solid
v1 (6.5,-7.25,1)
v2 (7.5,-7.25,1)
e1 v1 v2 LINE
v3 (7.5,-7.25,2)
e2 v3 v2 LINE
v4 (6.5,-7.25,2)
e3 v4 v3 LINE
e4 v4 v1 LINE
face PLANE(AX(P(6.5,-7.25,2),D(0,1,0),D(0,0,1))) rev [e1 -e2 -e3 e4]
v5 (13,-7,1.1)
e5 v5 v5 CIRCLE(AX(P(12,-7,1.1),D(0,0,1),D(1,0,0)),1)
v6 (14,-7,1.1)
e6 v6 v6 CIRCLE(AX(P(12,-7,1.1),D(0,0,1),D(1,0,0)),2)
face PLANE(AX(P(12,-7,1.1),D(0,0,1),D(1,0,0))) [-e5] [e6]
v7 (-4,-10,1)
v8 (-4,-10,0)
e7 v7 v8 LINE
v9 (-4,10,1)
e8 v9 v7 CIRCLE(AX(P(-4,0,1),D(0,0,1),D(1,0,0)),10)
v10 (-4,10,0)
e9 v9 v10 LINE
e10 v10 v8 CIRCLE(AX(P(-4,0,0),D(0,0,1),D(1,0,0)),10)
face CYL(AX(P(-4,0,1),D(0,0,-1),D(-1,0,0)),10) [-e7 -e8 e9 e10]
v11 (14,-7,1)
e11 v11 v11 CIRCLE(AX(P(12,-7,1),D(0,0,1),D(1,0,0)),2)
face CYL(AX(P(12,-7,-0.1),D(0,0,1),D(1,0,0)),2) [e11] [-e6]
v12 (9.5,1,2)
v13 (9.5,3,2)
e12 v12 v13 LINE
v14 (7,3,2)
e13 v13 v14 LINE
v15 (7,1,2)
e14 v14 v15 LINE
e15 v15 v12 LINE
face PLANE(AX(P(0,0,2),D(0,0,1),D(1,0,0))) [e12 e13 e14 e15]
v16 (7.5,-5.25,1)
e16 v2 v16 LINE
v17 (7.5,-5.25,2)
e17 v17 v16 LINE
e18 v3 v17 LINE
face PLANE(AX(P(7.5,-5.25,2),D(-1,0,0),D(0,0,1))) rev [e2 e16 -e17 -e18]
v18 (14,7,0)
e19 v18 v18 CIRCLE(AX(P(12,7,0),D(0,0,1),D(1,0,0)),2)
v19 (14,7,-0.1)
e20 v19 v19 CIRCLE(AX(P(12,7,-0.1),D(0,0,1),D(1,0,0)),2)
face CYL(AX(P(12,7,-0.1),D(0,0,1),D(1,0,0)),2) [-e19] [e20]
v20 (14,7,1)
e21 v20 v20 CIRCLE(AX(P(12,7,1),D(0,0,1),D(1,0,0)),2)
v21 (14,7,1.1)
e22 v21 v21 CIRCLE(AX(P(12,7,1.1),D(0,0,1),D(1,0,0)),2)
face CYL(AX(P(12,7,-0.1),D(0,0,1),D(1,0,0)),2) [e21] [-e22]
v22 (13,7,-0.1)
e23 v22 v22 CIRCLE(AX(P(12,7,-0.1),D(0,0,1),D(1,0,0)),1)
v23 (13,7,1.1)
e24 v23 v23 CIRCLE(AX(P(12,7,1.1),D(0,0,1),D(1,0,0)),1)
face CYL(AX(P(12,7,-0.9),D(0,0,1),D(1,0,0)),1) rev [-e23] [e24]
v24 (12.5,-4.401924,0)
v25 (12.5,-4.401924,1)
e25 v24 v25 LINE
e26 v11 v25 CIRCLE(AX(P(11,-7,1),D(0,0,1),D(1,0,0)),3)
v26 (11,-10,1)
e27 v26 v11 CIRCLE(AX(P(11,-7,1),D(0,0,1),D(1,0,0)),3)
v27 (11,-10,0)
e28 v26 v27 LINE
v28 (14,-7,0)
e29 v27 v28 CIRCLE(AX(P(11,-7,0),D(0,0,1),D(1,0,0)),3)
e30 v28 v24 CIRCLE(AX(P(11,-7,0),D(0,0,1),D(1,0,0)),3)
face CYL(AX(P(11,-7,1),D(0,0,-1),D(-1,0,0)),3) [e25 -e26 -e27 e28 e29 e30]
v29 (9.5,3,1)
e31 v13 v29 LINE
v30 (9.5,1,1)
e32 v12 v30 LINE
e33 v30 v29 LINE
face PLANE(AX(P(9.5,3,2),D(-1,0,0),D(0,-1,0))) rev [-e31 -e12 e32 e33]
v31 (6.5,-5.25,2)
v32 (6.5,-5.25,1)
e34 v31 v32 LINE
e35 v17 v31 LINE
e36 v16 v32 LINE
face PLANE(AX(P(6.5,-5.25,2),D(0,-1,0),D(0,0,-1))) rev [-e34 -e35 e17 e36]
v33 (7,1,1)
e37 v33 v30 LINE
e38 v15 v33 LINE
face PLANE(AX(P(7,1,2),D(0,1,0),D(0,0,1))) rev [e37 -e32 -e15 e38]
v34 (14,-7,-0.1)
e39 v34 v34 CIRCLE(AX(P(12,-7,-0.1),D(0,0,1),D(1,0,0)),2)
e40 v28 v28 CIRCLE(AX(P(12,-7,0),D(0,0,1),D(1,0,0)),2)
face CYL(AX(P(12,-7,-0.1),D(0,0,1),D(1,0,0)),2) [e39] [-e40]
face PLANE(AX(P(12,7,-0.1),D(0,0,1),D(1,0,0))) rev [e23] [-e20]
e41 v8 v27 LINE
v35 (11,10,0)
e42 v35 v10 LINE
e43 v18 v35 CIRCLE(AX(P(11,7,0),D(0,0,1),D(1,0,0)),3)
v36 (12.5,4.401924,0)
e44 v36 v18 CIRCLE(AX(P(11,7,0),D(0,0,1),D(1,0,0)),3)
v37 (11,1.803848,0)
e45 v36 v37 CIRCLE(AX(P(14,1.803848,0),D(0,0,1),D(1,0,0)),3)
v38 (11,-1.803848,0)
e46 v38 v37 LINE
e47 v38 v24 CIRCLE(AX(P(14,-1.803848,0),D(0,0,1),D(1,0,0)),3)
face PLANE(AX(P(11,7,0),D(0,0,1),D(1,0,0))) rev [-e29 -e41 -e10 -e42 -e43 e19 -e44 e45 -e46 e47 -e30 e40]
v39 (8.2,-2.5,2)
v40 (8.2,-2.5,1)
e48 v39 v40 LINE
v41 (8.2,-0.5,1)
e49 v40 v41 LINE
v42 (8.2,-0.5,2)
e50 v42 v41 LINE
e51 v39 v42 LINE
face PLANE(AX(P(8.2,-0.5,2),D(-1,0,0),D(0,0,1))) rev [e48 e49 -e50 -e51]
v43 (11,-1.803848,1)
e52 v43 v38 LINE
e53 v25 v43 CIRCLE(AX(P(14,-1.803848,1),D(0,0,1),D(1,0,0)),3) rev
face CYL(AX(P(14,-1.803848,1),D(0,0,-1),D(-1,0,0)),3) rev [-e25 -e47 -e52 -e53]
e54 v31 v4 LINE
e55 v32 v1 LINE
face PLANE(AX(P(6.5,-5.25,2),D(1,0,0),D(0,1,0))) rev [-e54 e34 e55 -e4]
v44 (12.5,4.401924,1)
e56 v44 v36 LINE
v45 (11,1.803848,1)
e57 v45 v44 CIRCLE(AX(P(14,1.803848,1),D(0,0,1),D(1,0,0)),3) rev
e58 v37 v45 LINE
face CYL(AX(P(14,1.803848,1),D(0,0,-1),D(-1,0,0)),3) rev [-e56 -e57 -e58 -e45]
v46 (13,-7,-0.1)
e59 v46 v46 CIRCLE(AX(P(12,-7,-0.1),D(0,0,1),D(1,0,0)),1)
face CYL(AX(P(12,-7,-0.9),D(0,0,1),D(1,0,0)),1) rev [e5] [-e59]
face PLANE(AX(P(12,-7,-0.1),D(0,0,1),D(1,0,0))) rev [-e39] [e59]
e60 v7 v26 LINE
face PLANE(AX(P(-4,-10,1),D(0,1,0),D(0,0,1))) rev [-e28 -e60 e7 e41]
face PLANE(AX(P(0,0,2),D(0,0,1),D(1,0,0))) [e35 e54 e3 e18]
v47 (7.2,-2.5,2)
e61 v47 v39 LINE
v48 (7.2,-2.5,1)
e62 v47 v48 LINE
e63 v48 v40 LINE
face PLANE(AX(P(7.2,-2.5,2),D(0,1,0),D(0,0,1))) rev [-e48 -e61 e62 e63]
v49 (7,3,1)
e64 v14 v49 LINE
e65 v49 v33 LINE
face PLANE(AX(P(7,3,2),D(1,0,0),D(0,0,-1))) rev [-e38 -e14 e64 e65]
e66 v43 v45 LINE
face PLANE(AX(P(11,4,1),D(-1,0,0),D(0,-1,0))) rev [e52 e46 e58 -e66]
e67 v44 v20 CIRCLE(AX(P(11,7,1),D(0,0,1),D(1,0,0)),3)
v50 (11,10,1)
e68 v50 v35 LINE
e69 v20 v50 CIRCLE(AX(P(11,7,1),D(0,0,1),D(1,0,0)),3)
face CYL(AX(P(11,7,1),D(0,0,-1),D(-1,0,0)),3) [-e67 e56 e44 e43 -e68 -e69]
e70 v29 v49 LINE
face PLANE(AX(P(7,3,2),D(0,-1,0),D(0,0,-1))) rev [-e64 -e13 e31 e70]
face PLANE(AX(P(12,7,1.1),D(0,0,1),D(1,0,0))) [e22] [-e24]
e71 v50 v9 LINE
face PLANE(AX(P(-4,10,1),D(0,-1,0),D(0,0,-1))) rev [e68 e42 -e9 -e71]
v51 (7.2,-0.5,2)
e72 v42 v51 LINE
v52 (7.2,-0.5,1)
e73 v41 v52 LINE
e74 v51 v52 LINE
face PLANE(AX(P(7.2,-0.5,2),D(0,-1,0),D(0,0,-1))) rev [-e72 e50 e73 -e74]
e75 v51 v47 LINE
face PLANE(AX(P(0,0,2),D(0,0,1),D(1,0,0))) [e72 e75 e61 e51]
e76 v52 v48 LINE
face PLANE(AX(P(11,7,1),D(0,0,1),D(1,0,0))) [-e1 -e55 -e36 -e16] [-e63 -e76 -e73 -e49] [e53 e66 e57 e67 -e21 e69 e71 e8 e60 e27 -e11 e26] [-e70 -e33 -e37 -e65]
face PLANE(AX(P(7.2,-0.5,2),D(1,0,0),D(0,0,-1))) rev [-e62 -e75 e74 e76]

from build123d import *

# Parameters (mm, degrees)
SKETCH1_R                = 1
BOSS_EXTRUDE1_DEPTH      = 1
FILLET1_R                = 3
SKETCH2_R                = 2
BOSS_EXTRUDE2_DEPTH      = 0.1
BOSS_EXTRUDE2_DEPTH_BACK = 1.1
SKETCH3_R                = 1
CUT_EXTRUDE1_DEPTH       = 2
SKETCH4_W                = 2.5
SKETCH4_H                = 2
SKETCH4_W_2              = 1
BOSS_EXTRUDE3_DEPTH      = 1


with BuildPart() as part:
    # Sketch1 → Boss-Extrude1 (new body)
    with BuildSketch(Plane.XY):
        with BuildLine():
            Line((11, 4), (11, -4))
            ThreePointArc((11, -4), (14, -7), (11, -10))
            Line((11, -10), (-4, -10))
            ThreePointArc((-4, -10), (-14, 0), (-4, 10))
            Line((-4, 10), (11, 10))
            ThreePointArc((11, 10), (14, 7), (11, 4))
        make_face()
        with Locations((12, 7)):
            Circle(SKETCH1_R, mode=Mode.SUBTRACT)
        with Locations((12, -7)):
            Circle(SKETCH1_R, mode=Mode.SUBTRACT)
    extrude(amount=BOSS_EXTRUDE1_DEPTH)

    # Fillet1
    fillet1_edges = [part.edges().sort_by_distance(p)[0] for p in [
        (11, 4, 0.5),
        (11, -4, 0.5),
    ]]
    fillet(fillet1_edges, radius=FILLET1_R)

    # Sketch2 → Boss-Extrude2 (add, two sides)
    with BuildSketch(Plane.XY.offset(1)) as boss_extrude2_sk:
        with Locations((12, 7)):
            Circle(SKETCH2_R)
        with Locations((12, -7)):
            Circle(SKETCH2_R)
    extrude(amount=BOSS_EXTRUDE2_DEPTH)
    extrude(boss_extrude2_sk.sketch, amount=-BOSS_EXTRUDE2_DEPTH_BACK)

    # Sketch3 → Cut-Extrude1 (cut)
    with BuildSketch(Plane.XY.offset(1.1)):
        with Locations((12, 7)):
            Circle(SKETCH3_R)
        with Locations((12, -7)):
            Circle(SKETCH3_R)
    extrude(amount=-CUT_EXTRUDE1_DEPTH, mode=Mode.SUBTRACT)

    # Sketch4 → Boss-Extrude3 (add)
    with BuildSketch(Plane.XY.offset(1)):
        with Locations((8.25, 2)):
            Rectangle(SKETCH4_W, SKETCH4_H)
        with Locations((7.7, -1.5)):
            Rectangle(SKETCH4_W_2, SKETCH4_H)
        with Locations((7, -6.25)):
            Rectangle(SKETCH4_W_2, SKETCH4_H)
    extrude(amount=BOSS_EXTRUDE3_DEPTH)


solid = part.part
